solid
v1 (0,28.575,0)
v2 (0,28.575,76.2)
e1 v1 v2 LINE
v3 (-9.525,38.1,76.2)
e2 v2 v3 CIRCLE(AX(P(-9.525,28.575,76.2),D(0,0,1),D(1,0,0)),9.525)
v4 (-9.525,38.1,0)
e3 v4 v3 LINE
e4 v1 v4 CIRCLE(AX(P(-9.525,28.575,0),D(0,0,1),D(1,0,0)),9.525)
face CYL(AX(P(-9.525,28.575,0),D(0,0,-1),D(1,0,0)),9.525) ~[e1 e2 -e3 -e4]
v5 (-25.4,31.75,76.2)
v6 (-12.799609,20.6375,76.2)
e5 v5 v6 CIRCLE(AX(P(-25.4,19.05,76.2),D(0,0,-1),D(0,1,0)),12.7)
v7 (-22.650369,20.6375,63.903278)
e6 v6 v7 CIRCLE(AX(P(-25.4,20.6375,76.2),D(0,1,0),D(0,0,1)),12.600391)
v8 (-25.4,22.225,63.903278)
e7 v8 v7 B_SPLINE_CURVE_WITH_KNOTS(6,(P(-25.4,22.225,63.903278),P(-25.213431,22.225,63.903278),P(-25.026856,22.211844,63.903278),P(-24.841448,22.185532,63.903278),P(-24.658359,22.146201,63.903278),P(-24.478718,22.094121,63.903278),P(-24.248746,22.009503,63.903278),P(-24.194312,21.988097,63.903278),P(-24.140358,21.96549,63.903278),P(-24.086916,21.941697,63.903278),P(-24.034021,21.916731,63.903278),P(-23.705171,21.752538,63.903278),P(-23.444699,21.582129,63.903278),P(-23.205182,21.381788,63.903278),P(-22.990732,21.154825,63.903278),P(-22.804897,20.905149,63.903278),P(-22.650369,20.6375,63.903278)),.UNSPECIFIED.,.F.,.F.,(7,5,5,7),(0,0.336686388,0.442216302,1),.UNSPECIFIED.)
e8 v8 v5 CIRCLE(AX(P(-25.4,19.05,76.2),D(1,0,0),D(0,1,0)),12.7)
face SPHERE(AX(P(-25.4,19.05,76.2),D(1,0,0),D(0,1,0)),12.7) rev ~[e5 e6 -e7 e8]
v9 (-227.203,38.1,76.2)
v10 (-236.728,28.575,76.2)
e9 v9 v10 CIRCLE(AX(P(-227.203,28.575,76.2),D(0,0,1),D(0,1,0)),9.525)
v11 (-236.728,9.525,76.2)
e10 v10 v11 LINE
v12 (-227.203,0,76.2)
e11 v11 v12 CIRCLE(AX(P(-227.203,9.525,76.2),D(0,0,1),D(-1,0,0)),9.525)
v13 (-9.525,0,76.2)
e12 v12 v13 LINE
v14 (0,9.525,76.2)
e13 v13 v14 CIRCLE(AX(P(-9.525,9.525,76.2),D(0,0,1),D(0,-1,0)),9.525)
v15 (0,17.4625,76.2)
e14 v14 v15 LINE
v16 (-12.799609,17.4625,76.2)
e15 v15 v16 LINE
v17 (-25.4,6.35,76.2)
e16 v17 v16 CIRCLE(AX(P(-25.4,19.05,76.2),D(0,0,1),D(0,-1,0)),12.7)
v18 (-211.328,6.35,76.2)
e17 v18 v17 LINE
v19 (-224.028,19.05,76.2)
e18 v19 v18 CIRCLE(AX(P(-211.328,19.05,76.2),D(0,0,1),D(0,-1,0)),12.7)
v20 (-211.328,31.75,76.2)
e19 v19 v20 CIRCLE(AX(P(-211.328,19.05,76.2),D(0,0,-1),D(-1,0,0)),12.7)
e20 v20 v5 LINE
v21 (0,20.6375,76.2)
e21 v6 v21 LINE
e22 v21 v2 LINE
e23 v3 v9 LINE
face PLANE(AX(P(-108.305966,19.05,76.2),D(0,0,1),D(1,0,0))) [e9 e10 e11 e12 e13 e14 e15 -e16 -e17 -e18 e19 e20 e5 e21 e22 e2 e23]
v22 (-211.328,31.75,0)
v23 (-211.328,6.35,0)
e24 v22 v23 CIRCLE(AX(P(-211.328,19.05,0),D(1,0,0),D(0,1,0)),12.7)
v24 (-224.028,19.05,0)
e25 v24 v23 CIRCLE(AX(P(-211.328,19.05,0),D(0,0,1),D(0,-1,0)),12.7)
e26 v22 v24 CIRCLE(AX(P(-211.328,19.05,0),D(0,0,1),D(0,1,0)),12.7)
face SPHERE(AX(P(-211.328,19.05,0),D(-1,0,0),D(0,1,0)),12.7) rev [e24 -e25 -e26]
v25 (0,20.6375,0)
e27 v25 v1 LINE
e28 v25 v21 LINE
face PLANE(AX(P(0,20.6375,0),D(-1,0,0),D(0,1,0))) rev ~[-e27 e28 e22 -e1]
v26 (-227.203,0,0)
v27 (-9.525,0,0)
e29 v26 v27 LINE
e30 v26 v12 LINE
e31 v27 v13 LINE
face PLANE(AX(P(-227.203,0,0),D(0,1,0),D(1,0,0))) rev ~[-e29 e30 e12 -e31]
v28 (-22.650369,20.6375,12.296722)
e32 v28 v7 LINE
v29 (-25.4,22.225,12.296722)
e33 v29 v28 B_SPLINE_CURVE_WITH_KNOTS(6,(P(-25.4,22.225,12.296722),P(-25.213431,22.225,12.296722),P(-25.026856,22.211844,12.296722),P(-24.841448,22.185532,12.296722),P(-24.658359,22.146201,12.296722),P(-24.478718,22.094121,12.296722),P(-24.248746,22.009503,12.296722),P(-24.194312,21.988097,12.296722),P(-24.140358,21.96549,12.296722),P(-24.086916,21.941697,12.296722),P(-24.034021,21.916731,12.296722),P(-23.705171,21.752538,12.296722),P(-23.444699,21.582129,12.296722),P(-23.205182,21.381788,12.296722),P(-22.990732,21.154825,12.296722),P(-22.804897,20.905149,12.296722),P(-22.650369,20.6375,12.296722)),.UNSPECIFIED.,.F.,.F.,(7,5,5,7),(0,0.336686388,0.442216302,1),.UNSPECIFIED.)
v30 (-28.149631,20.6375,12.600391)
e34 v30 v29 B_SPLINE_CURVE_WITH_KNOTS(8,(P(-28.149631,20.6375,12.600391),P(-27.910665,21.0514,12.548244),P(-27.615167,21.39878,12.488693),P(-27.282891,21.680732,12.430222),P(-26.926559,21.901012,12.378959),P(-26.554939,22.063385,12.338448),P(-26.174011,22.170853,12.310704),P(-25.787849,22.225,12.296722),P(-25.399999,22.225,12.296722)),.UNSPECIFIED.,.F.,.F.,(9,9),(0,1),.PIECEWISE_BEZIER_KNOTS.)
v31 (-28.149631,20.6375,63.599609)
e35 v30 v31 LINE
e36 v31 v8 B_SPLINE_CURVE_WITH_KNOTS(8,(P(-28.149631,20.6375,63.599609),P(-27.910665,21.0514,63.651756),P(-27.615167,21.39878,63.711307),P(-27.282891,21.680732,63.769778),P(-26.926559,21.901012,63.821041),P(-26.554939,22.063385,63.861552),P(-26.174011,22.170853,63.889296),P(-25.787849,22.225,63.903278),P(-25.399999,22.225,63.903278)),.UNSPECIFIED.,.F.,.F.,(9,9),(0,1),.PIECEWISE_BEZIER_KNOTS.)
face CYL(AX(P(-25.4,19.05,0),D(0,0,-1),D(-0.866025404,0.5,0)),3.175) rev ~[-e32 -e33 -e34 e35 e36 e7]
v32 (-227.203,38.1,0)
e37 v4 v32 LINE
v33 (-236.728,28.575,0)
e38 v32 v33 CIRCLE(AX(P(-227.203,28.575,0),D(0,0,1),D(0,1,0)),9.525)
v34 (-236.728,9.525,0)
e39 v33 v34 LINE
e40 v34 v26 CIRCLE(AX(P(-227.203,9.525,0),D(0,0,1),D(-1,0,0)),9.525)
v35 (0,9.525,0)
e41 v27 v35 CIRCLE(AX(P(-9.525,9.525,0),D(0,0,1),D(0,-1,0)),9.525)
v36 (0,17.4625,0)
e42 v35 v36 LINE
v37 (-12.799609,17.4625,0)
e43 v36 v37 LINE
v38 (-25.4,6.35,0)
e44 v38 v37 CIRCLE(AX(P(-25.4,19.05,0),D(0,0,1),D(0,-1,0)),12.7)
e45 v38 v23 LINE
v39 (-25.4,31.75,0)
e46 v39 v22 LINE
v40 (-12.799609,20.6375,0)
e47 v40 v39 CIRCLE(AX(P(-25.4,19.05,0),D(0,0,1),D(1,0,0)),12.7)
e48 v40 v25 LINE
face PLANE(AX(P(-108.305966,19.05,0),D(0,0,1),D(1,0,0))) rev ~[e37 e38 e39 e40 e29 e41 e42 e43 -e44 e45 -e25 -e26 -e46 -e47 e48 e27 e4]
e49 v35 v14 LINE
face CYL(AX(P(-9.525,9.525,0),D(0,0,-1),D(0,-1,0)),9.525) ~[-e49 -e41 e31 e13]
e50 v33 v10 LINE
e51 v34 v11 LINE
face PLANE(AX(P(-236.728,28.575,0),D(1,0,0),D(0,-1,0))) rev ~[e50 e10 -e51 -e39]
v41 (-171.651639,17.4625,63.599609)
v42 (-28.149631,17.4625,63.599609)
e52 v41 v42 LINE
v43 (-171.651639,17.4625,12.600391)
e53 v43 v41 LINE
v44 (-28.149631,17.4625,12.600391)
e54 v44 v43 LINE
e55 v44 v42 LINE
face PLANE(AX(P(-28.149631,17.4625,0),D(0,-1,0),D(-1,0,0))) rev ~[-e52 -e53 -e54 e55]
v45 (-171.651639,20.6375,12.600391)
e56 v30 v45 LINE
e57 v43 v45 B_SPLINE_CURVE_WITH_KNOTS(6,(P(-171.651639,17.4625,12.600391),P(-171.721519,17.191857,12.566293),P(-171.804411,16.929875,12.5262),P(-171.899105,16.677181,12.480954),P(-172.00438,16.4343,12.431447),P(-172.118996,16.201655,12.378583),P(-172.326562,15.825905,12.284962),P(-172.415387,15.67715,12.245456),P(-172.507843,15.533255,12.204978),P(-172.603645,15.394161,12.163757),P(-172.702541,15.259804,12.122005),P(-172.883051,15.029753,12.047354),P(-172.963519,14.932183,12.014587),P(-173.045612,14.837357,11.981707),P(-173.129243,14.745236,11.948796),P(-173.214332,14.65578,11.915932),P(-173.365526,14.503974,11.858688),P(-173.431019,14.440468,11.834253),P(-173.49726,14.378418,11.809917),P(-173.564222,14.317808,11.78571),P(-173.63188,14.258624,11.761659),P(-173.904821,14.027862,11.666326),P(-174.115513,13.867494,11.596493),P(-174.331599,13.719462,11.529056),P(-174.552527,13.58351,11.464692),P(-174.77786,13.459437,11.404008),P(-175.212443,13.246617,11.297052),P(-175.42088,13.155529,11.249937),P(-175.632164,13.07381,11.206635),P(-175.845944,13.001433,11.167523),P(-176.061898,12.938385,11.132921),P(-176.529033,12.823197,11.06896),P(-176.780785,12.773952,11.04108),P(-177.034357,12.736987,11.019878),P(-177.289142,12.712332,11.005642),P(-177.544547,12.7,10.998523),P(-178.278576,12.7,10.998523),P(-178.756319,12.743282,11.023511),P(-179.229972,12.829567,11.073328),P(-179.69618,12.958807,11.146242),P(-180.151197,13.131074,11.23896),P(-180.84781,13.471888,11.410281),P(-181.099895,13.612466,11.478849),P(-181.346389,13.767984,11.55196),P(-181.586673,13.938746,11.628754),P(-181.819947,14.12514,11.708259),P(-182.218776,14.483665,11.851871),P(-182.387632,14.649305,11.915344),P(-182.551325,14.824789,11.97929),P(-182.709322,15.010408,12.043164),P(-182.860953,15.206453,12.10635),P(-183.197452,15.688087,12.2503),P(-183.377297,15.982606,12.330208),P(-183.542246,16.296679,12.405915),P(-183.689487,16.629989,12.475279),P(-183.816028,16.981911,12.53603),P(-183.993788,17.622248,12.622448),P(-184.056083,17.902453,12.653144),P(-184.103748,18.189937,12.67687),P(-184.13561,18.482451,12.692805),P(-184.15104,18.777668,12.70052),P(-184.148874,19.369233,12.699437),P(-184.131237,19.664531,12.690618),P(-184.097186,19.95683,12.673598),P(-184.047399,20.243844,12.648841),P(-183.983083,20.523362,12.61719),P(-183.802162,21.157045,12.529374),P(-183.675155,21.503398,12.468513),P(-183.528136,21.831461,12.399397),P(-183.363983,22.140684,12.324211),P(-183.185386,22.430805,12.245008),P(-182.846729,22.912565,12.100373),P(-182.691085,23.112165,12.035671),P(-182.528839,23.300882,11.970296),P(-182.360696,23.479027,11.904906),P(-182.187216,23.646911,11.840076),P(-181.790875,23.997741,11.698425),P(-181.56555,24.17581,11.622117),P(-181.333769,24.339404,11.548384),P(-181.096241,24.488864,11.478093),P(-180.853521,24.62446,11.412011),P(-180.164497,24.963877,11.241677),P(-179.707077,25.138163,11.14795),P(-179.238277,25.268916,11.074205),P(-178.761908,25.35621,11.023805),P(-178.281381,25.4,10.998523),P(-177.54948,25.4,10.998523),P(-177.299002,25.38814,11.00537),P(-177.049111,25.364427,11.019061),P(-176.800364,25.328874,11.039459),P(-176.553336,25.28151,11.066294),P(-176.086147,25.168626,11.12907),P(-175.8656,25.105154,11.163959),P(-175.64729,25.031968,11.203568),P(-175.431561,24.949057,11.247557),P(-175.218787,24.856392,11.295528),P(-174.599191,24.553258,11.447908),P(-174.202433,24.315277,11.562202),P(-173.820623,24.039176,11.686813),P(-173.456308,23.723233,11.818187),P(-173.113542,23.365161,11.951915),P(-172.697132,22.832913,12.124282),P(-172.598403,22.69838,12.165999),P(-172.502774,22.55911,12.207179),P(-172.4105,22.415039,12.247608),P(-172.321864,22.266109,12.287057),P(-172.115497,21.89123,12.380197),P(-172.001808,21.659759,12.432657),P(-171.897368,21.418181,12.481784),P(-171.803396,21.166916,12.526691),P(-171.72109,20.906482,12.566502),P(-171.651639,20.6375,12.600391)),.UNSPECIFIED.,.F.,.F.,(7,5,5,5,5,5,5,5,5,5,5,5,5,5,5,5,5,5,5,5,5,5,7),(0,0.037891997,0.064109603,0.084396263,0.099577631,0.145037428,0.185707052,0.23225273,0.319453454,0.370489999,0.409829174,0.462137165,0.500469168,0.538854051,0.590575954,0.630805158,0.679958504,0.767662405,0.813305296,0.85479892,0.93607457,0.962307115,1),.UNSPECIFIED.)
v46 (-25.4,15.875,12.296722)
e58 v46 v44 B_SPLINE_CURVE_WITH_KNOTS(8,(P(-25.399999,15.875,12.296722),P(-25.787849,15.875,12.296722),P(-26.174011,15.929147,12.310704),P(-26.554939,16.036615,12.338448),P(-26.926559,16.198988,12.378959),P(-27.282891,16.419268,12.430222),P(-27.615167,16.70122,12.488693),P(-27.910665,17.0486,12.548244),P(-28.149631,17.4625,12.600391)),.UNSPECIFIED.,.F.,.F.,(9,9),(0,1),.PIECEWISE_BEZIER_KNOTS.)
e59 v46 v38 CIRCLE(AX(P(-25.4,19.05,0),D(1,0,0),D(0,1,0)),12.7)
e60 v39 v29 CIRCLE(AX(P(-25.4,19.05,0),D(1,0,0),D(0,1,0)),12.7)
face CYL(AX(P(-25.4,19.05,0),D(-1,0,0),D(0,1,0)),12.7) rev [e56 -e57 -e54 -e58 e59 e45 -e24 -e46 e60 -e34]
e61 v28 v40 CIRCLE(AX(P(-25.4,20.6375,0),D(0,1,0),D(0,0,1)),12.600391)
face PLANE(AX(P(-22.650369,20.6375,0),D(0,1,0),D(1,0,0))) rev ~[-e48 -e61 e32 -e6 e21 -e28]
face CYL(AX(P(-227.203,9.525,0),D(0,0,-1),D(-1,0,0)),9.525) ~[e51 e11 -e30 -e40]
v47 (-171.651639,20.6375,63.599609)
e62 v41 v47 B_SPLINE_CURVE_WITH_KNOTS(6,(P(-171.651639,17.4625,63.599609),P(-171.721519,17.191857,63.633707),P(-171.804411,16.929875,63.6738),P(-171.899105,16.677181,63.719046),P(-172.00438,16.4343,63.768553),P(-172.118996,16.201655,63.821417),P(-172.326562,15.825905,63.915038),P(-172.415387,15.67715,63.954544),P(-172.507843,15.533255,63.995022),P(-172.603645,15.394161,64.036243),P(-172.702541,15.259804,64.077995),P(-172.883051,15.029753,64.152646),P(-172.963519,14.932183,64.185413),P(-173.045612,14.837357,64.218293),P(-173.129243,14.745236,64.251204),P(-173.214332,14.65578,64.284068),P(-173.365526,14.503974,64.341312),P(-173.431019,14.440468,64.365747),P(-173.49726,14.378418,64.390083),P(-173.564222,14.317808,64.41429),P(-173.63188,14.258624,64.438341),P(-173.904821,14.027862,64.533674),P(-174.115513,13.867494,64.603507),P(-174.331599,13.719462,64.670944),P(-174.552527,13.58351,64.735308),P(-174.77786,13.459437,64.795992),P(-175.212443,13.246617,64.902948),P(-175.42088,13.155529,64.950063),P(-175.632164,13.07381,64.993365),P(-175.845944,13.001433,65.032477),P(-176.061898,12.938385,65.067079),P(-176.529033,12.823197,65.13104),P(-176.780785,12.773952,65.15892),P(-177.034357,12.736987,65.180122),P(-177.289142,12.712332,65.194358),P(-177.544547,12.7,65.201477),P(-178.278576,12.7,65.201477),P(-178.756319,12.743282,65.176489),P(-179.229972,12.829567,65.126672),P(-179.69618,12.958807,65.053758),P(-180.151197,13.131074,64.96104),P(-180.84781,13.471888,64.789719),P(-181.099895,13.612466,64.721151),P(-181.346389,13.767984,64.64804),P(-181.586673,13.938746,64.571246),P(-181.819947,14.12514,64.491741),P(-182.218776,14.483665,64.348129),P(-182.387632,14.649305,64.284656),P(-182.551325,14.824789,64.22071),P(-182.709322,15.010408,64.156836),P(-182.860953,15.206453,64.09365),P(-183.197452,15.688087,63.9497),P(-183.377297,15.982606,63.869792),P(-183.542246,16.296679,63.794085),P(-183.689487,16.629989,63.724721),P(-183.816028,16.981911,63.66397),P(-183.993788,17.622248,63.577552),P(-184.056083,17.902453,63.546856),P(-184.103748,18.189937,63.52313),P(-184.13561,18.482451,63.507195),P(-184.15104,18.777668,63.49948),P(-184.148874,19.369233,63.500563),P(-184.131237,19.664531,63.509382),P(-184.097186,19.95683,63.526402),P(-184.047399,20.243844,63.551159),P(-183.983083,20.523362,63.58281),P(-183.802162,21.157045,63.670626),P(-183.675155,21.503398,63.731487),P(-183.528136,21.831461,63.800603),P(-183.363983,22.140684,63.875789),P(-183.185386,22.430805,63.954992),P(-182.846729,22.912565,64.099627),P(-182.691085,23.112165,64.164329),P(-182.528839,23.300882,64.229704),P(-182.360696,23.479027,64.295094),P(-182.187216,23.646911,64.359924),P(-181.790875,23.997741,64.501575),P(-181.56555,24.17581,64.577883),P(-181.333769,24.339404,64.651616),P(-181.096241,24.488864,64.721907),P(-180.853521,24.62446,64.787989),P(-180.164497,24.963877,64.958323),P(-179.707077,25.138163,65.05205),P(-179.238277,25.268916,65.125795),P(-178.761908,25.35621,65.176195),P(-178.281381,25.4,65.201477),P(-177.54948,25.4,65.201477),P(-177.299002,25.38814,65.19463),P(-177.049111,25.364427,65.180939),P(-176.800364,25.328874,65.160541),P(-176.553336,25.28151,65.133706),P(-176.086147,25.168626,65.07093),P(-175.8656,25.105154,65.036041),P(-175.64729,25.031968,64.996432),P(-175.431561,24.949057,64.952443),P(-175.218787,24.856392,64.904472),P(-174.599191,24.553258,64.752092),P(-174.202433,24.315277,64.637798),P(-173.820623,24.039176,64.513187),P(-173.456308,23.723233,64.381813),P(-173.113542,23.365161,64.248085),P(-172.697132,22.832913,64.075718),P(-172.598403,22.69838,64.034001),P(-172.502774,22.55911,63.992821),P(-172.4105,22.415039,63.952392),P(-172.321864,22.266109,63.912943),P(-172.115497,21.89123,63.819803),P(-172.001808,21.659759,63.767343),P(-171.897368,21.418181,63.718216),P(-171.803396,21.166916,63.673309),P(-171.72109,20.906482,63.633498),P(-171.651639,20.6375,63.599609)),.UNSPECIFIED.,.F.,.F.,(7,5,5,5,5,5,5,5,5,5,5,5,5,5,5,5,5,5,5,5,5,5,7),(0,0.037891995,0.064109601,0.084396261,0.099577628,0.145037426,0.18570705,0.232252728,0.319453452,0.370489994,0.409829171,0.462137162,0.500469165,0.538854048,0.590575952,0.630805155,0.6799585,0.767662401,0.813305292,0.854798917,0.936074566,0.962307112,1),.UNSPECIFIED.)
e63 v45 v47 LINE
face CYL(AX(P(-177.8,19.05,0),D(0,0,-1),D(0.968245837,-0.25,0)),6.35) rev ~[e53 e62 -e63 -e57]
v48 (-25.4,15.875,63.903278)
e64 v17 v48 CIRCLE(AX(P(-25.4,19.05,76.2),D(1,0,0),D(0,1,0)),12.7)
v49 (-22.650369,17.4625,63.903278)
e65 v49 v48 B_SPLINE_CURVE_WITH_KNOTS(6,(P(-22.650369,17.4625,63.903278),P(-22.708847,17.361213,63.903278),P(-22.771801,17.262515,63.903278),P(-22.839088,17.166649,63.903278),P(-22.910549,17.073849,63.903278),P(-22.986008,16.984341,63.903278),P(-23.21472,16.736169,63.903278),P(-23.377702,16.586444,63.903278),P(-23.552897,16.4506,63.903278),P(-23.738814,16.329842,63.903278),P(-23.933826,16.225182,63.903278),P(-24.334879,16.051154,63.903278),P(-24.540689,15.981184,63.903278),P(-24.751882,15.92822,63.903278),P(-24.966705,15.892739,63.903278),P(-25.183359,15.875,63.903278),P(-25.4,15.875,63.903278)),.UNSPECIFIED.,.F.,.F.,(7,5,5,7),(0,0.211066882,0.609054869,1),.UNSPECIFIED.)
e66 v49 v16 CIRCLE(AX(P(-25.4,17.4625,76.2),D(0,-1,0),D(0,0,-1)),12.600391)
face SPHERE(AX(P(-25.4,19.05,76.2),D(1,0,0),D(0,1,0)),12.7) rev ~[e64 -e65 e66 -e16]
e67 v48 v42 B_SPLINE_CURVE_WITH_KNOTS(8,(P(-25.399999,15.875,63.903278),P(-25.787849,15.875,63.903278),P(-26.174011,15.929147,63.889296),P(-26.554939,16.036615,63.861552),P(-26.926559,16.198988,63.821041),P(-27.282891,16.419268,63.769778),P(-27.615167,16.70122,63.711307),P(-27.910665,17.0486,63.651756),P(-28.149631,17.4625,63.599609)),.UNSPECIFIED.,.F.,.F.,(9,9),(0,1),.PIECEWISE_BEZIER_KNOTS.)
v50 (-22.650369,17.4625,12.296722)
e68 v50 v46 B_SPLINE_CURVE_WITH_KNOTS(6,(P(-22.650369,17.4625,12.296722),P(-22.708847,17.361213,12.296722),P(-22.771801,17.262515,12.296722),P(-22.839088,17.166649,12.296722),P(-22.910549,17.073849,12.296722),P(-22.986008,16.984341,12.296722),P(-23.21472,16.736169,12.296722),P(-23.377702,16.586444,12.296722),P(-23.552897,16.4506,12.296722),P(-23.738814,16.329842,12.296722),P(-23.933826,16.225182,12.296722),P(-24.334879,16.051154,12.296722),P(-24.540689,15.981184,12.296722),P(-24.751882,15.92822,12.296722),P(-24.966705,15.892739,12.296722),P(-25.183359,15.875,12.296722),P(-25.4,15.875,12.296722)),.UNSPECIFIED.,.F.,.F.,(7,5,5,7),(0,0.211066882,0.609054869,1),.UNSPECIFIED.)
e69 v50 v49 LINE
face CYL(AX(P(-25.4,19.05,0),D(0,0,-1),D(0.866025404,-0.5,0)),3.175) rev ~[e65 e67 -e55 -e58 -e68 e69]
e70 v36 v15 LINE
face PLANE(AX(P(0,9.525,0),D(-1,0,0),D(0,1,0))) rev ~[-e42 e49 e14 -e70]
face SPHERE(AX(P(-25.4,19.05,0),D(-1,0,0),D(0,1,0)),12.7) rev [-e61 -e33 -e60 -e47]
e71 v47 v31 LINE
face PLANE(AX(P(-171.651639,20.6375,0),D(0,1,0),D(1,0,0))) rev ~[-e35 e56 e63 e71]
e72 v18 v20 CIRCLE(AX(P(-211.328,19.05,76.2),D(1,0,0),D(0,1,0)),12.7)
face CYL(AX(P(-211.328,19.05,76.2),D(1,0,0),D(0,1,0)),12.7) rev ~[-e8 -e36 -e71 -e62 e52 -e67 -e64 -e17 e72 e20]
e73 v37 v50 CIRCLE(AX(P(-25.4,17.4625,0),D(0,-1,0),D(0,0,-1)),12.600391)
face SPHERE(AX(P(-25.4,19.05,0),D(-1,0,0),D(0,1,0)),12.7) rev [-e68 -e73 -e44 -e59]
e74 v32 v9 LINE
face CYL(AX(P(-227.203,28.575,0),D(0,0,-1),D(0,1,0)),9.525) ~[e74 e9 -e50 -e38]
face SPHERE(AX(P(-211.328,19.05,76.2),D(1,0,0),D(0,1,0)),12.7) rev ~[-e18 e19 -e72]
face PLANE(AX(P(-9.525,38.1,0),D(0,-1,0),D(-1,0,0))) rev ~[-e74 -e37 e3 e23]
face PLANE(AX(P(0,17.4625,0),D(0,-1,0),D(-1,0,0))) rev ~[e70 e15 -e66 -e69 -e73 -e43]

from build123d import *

# Parameters (mm, degrees)
BOSS_EXTRUDE1_DEPTH = 76.2


with BuildPart() as part:
    # Sketch1 → Boss-Extrude1 (new body)
    with BuildSketch(Plane.XY):
        with BuildLine():
            Line((0, 20.6375), (0, 28.575))
            ThreePointArc((0, 28.575), (-2.789807909, 35.310192091), (-9.525, 38.1))
            Line((-9.525, 38.1), (-227.203, 38.1))
            ThreePointArc((-227.203, 38.1), (-233.938192091, 35.310192091), (-236.728, 28.575))
            Line((-236.728, 28.575), (-236.728, 9.525))
            ThreePointArc((-236.728, 9.525), (-233.938192091, 2.789807909), (-227.203, 0))
            Line((-227.203, 0), (-9.525, 0))
            ThreePointArc((-9.525, 0), (-2.789807909, 2.789807909), (0, 9.525))
            Line((0, 9.525), (0, 17.4625))
            Line((0, 17.4625), (-22.650369343, 17.4625))
            ThreePointArc((-22.650369343, 17.4625), (-25.4, 15.875), (-28.149630657, 17.4625))
            Line((-28.149630657, 17.4625), (-171.651638938, 17.4625))
            ThreePointArc((-171.651638938, 17.4625), (-184.15, 19.05), (-171.651638938, 20.6375))
            Line((-171.651638938, 20.6375), (-28.149630657, 20.6375))
            ThreePointArc((-28.149630657, 20.6375), (-25.4, 22.225), (-22.650369343, 20.6375))
            Line((-22.650369343, 20.6375), (0, 20.6375))
        make_face()
    extrude(amount=BOSS_EXTRUDE1_DEPTH)

    # Sketch2 → Cut-Revolve1 (revolve, cut)
    with BuildSketch(Plane.XY.offset(76.2)):
        with BuildLine():
            Line((-211.328, 31.75), (-25.4, 31.75))
            ThreePointArc((-25.4, 31.75), (-16.419743879, 28.030256121), (-12.7, 19.05))
            Line((-12.7, 19.05), (-224.028, 19.05))
            ThreePointArc((-224.028, 19.05), (-220.308256121, 28.030256121), (-211.328, 31.75))
        make_face()
    revolve(axis=Axis((-224.028, 19.05, 76.2), (1, 0, 0)), mode=Mode.SUBTRACT)

    # Sketch4 → Cut-Revolve3 (revolve, cut)
    with BuildSketch(Plane(origin=(0, 0, 0), x_dir=(-1, 0, 0), z_dir=(0, 0, -1))):
        with BuildLine():
            Line((25.4, 31.75), (211.328, 31.75))
            ThreePointArc((211.328, 31.75), (220.308256121, 28.030256121), (224.028, 19.05))
            Line((224.028, 19.05), (12.7, 19.05))
            ThreePointArc((12.7, 19.05), (16.419743879, 28.030256121), (25.4, 31.75))
        make_face()
    revolve(axis=Axis((-224.028, 19.05, 0), (1, 0, 0)), mode=Mode.SUBTRACT)


solid = part.part
